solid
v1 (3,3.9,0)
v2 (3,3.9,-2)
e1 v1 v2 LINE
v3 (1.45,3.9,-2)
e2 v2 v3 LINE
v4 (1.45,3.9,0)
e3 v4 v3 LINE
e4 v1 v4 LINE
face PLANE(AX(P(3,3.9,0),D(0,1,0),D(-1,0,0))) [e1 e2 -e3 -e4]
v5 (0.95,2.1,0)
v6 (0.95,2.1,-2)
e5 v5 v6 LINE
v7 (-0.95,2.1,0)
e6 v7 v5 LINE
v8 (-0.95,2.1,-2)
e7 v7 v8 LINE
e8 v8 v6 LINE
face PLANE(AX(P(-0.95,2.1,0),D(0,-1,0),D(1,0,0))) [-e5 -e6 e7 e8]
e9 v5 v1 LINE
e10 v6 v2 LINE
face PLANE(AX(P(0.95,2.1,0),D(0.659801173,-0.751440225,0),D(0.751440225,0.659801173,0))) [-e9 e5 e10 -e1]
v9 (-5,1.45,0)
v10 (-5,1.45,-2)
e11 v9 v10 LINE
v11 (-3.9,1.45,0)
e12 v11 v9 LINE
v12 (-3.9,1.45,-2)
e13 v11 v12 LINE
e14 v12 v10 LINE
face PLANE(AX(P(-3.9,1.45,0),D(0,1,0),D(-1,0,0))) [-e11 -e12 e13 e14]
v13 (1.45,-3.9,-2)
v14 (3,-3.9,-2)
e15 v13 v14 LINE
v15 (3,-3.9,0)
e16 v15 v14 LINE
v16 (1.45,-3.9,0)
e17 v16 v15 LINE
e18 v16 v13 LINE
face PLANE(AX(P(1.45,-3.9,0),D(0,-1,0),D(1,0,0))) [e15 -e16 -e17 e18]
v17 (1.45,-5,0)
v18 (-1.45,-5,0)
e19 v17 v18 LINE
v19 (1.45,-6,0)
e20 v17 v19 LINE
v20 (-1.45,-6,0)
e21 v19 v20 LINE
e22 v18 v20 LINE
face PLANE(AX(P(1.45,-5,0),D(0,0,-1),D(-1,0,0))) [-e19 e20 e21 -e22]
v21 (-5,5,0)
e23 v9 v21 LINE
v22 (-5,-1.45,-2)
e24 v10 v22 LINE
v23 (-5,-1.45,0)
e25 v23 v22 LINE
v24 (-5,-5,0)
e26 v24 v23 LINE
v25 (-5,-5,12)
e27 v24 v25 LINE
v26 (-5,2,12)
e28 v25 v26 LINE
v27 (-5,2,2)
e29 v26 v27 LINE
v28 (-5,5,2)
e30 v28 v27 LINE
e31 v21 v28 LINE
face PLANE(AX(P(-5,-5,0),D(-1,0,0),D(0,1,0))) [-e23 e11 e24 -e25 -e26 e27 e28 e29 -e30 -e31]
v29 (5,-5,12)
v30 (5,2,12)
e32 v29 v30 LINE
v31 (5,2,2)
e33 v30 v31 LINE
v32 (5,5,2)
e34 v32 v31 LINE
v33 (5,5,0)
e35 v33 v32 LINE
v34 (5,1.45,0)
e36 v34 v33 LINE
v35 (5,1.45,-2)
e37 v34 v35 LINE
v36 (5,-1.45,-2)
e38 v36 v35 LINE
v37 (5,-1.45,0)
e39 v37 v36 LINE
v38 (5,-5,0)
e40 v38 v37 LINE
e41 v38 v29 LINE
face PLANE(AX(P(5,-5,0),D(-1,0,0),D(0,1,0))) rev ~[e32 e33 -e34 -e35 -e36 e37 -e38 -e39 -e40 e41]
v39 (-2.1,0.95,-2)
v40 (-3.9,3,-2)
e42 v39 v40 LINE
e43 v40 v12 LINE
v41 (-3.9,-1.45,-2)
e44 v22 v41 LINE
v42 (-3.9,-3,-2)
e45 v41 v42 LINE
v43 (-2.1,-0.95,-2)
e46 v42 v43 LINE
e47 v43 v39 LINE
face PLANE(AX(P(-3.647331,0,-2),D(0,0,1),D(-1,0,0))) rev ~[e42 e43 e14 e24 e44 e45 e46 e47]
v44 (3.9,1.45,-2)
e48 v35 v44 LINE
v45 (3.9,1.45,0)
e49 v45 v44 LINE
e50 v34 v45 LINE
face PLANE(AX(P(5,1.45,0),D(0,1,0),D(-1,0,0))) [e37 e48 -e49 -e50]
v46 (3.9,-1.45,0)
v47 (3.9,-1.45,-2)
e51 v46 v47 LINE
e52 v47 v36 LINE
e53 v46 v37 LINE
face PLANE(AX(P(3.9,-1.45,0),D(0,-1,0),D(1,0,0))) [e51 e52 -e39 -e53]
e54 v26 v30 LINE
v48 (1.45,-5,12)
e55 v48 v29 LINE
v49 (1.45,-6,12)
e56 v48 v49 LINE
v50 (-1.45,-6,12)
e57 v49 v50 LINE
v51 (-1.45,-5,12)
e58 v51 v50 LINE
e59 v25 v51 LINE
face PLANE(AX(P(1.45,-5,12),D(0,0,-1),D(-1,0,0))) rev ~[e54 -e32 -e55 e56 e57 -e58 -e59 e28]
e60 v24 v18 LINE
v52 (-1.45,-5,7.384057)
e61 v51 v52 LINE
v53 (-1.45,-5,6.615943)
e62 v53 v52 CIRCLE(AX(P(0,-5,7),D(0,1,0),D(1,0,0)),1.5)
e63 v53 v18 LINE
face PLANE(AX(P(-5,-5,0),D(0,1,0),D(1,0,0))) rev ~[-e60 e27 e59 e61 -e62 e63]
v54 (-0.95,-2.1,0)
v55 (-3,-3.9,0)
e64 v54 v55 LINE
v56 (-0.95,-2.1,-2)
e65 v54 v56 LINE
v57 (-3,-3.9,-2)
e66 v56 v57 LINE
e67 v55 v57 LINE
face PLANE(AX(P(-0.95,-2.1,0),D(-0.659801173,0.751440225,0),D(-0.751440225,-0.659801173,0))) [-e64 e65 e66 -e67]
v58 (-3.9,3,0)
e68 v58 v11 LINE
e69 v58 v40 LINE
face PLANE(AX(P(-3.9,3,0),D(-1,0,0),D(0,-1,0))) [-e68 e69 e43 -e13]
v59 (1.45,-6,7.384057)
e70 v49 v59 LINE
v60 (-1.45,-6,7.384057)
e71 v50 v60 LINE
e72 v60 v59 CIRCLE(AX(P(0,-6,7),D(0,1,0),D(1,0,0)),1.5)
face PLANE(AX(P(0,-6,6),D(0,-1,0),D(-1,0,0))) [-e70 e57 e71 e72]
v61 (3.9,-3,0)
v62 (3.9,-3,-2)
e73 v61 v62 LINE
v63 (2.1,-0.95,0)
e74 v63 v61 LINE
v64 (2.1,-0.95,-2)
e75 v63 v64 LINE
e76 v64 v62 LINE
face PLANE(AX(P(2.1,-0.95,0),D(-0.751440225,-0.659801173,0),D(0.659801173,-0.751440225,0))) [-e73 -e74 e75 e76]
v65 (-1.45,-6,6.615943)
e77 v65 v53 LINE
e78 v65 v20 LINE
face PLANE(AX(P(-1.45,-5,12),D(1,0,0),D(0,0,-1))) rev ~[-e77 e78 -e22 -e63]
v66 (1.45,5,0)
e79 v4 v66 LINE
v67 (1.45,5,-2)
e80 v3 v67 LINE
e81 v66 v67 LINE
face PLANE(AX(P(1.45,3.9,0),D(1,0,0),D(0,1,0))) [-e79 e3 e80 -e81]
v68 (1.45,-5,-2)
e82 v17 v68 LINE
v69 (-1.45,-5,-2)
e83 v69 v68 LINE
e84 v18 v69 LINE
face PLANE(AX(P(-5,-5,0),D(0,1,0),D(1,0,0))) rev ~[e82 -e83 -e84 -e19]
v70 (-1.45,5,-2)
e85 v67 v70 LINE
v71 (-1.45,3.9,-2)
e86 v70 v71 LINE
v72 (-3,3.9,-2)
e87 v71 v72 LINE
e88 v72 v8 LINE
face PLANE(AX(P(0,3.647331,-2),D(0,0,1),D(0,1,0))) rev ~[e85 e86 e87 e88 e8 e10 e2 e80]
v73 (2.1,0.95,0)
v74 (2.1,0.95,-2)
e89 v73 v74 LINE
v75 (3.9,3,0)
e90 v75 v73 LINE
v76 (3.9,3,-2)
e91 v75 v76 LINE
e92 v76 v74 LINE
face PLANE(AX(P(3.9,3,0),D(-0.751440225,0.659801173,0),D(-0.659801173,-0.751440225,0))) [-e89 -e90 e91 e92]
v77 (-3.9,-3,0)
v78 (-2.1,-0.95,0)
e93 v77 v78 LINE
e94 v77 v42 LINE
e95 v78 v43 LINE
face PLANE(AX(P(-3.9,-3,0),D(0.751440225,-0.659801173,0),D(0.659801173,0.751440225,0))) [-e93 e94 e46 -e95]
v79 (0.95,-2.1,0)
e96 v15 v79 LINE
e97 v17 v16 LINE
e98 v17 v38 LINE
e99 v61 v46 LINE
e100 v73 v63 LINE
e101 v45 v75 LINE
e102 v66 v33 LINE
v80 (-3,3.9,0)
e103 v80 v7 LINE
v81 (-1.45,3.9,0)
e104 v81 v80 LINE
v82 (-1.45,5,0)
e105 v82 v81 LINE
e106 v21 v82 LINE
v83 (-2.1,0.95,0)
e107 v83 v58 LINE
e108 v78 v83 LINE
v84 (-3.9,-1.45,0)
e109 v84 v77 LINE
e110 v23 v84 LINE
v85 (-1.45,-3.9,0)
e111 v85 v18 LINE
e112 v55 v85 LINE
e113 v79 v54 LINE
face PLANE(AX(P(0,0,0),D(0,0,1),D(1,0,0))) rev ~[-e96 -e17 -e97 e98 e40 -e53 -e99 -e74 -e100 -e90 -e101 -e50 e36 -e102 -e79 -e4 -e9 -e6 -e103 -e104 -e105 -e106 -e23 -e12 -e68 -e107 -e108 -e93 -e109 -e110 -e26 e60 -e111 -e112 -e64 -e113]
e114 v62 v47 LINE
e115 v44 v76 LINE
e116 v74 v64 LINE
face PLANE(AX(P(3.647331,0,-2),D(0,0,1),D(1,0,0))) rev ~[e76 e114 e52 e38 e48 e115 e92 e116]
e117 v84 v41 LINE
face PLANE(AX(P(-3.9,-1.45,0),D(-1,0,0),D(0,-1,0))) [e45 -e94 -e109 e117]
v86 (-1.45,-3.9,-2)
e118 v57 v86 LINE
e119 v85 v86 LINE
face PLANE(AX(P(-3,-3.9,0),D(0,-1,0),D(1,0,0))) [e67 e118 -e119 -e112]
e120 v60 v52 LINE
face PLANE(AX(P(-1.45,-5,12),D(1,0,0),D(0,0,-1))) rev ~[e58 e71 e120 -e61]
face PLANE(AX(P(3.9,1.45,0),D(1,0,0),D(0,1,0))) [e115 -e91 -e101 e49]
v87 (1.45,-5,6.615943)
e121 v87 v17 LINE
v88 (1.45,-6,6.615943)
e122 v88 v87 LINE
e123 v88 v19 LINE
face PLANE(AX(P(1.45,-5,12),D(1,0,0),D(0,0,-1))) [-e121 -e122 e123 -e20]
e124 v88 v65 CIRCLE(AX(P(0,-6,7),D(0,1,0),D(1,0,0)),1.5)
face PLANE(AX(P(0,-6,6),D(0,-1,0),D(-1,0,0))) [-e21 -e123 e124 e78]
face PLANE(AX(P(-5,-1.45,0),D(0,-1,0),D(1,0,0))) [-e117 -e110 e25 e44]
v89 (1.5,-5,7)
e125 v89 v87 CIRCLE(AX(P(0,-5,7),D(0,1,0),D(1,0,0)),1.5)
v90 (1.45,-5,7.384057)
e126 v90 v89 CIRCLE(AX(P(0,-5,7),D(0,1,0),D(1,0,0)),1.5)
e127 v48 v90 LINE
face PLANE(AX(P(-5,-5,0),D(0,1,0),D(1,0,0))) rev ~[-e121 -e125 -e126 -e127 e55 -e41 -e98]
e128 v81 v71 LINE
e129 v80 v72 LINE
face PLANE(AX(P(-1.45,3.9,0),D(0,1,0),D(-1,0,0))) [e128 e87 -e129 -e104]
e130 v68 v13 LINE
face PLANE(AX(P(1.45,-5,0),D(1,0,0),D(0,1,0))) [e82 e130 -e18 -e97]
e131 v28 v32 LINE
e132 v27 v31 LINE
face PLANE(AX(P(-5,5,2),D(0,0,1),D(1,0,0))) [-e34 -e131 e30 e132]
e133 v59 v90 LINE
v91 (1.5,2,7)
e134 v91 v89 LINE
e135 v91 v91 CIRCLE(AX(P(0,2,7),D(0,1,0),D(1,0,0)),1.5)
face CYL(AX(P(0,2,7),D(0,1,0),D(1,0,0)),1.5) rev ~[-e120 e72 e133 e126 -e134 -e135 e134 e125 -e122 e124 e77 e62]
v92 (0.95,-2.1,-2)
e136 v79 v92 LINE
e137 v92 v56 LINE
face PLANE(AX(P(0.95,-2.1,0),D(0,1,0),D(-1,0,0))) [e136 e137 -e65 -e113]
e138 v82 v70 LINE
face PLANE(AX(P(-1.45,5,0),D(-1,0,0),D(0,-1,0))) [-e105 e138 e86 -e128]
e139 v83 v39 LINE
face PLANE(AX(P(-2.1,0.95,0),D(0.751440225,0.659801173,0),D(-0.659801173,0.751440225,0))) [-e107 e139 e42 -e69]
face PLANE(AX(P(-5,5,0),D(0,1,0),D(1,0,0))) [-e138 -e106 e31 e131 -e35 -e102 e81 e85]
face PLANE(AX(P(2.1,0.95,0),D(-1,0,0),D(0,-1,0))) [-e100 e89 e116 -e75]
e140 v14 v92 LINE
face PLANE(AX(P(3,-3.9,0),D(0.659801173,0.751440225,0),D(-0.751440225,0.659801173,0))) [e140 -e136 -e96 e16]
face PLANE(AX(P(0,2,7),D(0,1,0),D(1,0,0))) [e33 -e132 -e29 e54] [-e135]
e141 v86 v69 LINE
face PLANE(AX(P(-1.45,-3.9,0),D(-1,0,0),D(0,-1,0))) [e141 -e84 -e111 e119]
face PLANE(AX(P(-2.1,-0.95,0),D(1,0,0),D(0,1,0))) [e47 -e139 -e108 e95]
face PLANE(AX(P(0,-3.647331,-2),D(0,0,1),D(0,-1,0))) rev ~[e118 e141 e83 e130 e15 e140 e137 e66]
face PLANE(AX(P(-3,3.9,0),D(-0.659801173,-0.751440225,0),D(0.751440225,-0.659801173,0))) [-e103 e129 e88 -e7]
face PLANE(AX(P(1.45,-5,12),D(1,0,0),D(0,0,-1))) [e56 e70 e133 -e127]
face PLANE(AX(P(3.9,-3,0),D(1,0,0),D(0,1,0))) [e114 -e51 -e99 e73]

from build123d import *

# Parameters (mm, degrees)
SKETCH1_W                         = 10
SKETCH1_H                         = 10
MAIN_DEPTH                        = 12
ANTIROTATIONSYSTEM_DEPTH          = 2
CIRPATTERN1_COUNT                 = 4
SKETCH3_W                         = 10
SKETCH3_H                         = 10
MAKERBEAMSQUAREHOLEFORSCREW_DEPTH = 3
SKETCH5_W                         = 2.9
SKETCH5_H                         = 12
MAKERBEAMRAIL_DEPTH               = 1
SKETCH4_R                         = 1.5
VERTICALMAKERBEAMHOLE_DEPTH       = 16.264337522


with BuildPart() as part:
    # Sketch1 → Main (new body)
    with BuildSketch(Plane.XY):
        Rectangle(SKETCH1_W, SKETCH1_H)
    extrude(amount=MAIN_DEPTH)

    # Sketch2 → AntiRotationSystem (add)
    with BuildSketch(Plane(origin=(0, 0, 0), x_dir=(-1, 0, 0), z_dir=(0, 0, -1))):
        Polygon((-5, 1.45), (-3.9, 1.45), (-3.9, 3), (-2.1, 0.95), (-2.1, -0.95), (-3.9, -3), (-3.9, -1.45), (-5, -1.45), align=None)
    antirotationsystem = extrude(amount=ANTIROTATIONSYSTEM_DEPTH)

    # CirPattern1: AntiRotationSystem ×4 about axis
    cirpattern1_axis = Axis((0, 0, -1.2), (0, 0, 1))
    for i in range(1, CIRPATTERN1_COUNT):
        add(antirotationsystem.rotate(cirpattern1_axis, i * 360 / CIRPATTERN1_COUNT))

    # Sketch3 → MakerBeamSquareHoleForScrew (cut)
    with BuildSketch(Plane(origin=(0, 5, 0), x_dir=(1, 0, 0), z_dir=(0, 1, 0))):
        with Locations((0, -7)):
            Rectangle(SKETCH3_W, SKETCH3_H)
    extrude(amount=-MAKERBEAMSQUAREHOLEFORSCREW_DEPTH, mode=Mode.SUBTRACT)

    # Sketch5 → MakerBeamRail (add)
    with BuildSketch(Plane(origin=(0, -5, 0), x_dir=(-1, 0, 0), z_dir=(0, -1, 0))):
        with Locations((0, -6)):
            Rectangle(SKETCH5_W, SKETCH5_H)
    extrude(amount=MAKERBEAMRAIL_DEPTH)

    # Sketch4 → VerticalMakerBeamHole (cut, through all)
    with BuildSketch(Plane(origin=(0, 2, 0), x_dir=(1, 0, 0), z_dir=(0, 1, 0))):
        with Locations((0, -7)):
            Circle(SKETCH4_R)
    extrude(amount=-VERTICALMAKERBEAMHOLE_DEPTH, mode=Mode.SUBTRACT)


solid = part.part
